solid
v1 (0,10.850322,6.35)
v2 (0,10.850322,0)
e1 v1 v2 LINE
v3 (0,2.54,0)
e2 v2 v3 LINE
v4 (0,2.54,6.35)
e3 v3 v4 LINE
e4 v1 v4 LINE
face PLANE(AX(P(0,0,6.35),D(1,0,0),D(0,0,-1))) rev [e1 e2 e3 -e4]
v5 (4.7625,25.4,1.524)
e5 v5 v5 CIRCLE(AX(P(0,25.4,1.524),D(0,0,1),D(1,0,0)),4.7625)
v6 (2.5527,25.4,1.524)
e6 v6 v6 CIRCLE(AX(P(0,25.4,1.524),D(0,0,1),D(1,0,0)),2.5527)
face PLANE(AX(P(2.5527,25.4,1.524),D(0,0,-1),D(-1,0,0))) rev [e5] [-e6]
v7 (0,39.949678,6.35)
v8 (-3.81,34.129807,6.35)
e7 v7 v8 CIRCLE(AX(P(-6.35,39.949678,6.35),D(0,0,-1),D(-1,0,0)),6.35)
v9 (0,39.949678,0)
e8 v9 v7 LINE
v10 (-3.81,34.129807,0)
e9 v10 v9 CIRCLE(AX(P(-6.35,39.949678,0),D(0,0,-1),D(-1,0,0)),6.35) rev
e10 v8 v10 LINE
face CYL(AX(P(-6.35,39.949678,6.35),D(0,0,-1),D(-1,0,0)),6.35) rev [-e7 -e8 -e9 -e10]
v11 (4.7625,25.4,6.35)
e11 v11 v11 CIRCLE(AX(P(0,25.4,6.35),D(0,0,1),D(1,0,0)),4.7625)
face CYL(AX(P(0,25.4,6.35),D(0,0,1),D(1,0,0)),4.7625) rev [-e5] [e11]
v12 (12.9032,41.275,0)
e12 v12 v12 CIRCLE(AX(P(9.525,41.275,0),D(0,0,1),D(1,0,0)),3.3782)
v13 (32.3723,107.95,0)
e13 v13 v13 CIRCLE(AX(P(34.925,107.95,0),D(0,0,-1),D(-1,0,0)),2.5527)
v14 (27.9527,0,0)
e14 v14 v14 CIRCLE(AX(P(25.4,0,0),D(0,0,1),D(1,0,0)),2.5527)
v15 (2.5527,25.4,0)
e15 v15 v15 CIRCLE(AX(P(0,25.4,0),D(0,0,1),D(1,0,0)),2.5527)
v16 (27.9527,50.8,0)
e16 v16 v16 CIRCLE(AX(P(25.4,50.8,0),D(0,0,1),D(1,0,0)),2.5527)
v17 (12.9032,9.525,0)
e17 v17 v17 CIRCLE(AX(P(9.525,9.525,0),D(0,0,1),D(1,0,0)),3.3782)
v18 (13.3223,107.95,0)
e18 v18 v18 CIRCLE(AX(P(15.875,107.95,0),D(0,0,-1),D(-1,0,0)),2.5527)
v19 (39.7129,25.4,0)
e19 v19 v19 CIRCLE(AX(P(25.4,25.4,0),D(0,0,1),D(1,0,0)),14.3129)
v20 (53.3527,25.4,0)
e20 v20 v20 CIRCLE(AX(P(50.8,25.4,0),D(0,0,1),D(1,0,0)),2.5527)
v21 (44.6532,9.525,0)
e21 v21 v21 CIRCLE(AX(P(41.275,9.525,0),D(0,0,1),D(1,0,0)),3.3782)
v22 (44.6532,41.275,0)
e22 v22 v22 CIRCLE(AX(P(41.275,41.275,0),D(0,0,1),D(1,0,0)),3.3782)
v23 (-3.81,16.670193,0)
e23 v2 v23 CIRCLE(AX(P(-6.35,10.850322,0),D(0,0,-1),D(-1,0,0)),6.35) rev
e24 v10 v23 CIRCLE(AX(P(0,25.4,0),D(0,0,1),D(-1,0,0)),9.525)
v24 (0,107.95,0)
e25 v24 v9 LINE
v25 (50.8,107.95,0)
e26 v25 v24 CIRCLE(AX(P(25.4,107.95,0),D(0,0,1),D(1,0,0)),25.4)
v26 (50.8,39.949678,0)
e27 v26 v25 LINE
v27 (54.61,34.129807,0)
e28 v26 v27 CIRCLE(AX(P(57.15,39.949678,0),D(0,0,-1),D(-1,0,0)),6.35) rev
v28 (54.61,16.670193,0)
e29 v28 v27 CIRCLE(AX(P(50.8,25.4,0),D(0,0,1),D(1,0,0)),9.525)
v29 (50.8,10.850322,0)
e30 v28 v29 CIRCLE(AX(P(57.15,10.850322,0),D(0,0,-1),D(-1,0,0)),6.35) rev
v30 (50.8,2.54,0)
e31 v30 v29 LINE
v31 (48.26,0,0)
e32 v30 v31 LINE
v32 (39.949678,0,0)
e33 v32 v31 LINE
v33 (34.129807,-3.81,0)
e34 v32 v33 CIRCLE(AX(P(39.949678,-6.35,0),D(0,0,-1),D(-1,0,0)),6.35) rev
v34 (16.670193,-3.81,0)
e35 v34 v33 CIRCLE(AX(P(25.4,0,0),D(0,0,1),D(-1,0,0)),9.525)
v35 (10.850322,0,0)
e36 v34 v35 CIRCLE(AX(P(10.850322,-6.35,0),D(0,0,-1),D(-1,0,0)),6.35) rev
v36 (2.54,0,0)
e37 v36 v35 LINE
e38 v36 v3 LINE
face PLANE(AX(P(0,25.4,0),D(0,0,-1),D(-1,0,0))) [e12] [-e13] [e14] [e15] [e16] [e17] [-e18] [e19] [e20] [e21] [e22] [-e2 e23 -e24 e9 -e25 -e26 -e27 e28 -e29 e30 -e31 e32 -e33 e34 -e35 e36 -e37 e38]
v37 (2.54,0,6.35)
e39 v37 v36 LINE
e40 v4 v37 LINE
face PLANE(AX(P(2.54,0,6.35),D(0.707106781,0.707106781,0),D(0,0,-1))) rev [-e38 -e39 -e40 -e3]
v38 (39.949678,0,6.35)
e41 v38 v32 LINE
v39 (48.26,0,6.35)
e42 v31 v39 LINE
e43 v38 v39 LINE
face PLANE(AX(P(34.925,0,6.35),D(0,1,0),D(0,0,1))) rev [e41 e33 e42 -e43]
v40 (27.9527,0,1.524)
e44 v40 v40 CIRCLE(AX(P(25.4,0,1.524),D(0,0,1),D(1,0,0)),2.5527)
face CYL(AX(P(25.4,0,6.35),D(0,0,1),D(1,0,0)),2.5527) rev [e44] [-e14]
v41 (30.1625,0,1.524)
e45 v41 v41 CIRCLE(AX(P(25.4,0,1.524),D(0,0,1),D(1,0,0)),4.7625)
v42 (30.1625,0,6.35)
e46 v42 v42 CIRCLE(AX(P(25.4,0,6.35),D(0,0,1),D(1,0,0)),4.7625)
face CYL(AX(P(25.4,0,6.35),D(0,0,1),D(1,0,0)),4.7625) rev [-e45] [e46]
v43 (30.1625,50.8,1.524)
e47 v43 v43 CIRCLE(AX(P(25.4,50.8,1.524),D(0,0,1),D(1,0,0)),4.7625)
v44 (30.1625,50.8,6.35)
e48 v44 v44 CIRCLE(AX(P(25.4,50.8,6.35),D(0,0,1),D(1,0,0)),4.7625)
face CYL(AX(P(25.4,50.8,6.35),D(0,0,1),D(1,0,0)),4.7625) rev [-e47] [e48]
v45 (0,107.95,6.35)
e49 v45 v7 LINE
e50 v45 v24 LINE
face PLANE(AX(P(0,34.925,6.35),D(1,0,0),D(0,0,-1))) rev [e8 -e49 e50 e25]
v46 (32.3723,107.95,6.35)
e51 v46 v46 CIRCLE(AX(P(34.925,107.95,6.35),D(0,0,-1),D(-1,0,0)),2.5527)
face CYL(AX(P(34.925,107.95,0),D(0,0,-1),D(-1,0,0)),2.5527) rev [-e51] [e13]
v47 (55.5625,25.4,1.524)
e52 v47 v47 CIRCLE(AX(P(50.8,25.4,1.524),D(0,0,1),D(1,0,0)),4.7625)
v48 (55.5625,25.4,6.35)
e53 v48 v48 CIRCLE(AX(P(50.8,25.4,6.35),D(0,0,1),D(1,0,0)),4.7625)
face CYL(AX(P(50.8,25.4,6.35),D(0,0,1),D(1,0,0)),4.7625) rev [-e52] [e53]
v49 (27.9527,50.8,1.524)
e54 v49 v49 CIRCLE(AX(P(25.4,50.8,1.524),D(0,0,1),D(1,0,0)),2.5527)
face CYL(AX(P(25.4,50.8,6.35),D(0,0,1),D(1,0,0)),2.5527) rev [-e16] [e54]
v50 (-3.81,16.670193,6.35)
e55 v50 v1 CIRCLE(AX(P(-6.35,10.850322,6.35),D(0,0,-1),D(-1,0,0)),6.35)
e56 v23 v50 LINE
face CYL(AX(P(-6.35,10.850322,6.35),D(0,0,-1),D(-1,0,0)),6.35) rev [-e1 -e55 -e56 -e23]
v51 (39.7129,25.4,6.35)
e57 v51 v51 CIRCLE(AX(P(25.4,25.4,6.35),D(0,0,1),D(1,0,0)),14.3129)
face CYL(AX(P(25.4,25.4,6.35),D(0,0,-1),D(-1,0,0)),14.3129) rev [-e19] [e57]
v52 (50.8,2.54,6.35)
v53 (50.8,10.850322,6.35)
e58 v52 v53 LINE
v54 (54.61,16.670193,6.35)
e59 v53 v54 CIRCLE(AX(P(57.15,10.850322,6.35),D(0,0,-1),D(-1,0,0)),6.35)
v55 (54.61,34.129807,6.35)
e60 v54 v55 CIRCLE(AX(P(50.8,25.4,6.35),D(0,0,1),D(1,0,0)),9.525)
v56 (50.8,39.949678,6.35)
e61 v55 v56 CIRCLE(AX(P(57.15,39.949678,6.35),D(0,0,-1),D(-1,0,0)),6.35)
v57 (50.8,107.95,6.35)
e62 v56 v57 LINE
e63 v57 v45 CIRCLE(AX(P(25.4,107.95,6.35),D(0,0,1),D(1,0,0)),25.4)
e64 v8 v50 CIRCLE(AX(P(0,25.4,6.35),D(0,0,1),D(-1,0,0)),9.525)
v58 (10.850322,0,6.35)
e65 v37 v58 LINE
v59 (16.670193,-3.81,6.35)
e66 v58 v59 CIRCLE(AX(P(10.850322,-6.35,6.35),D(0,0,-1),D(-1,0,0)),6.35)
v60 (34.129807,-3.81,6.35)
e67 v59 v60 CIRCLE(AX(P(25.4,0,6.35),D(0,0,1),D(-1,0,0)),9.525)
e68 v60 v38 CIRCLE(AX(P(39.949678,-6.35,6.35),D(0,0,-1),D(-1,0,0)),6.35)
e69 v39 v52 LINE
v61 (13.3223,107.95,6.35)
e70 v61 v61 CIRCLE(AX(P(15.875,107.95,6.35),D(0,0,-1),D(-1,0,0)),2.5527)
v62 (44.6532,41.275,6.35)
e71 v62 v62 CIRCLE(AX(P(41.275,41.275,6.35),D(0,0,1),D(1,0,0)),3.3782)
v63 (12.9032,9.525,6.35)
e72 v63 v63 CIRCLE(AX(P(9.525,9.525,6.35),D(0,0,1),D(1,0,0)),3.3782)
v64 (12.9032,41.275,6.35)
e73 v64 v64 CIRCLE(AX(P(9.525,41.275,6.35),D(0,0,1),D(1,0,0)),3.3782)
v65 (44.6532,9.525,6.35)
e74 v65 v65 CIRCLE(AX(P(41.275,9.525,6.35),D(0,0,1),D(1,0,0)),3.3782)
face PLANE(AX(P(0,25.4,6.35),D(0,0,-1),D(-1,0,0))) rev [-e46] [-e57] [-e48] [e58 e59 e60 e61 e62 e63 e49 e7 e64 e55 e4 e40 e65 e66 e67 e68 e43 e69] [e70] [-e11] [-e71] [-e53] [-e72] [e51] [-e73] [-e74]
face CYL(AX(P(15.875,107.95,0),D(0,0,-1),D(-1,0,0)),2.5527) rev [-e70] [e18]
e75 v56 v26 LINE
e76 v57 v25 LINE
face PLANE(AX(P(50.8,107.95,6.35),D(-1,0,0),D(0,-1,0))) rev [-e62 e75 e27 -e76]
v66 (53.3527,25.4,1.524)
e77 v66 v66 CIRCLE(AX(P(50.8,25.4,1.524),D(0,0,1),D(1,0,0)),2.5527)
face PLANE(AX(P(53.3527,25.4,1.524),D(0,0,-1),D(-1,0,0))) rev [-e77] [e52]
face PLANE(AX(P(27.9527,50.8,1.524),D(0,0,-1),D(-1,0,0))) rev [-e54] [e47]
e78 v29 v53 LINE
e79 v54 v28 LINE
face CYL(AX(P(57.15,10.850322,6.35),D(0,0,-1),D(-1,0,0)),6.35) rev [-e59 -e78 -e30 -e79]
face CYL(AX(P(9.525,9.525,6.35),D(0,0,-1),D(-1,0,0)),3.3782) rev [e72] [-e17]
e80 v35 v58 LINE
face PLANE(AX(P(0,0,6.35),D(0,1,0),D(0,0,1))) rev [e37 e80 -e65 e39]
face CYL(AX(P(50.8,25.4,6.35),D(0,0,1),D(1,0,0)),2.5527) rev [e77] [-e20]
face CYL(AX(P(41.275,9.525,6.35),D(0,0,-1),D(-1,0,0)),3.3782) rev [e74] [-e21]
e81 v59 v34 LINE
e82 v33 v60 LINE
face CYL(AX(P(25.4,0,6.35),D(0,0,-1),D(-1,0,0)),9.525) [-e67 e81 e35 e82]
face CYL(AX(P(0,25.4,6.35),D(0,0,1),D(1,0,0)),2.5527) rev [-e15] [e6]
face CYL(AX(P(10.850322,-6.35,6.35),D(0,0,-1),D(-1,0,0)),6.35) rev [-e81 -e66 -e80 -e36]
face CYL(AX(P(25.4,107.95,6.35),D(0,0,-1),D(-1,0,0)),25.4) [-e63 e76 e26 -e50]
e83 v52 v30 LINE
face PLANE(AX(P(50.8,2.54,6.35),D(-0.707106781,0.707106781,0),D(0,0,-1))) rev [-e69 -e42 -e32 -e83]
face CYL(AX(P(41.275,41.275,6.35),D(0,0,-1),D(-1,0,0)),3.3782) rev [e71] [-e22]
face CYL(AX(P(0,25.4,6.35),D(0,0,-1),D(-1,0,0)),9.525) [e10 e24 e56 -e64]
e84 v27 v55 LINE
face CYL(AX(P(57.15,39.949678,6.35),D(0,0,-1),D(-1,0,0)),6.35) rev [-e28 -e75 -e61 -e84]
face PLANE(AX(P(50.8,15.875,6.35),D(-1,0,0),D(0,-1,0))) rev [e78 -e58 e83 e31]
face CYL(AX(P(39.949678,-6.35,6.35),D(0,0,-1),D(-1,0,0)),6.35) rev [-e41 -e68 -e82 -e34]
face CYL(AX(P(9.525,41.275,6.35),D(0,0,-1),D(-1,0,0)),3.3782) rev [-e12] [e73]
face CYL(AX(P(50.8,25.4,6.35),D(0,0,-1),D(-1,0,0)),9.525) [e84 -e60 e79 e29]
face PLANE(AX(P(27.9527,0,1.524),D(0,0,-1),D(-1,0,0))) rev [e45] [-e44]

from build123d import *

# Parameters (mm, degrees)
SKETCH1_R                                       = 3.3782
SKETCH1_R_2                                     = 14.3129
BOSS_EXTRUDE1_DEPTH                             = 6.35
CBORE_FOR_10_SOCKET_HEAD_CAP_SCREW1_D           = 5.1054
CBORE_FOR_10_SOCKET_HEAD_CAP_SCREW1_CBORE_D     = 9.525
CBORE_FOR_10_SOCKET_HEAD_CAP_SCREW1_CBORE_DEPTH = 4.826
F_1_4_20_TAPPED_HOLE2_D                         = 5.1054
FILLET1_R                                       = 6.35
CHAMFER1_SIZE                                   = 2.54


with BuildPart() as part:
    # Sketch1 → Boss-Extrude1 (new body)
    with BuildSketch(Plane.XY):
        with BuildLine():
            Line((0, 0), (15.875, 0))
            ThreePointArc((15.875, 0), (25.4, -9.525), (34.925, 0))
            Line((34.925, 0), (50.8, 0))
            Line((50.8, 0), (50.8, 15.875))
            ThreePointArc((50.8, 15.875), (60.325, 25.4), (50.8, 34.925))
            Line((50.8, 34.925), (50.8, 107.95))
            ThreePointArc((50.8, 107.95), (25.4, 133.35), (0, 107.95))
            Line((0, 107.95), (0, 34.925))
            ThreePointArc((0, 34.925), (-9.525, 25.4), (0, 15.875))
            Line((0, 15.875), (0, 0))
        make_face()
        with Locations((41.275, 9.525)):
            Circle(SKETCH1_R, mode=Mode.SUBTRACT)
        with Locations((9.525, 9.525)):
            Circle(SKETCH1_R, mode=Mode.SUBTRACT)
        with Locations((9.525, 41.275)):
            Circle(SKETCH1_R, mode=Mode.SUBTRACT)
        with Locations((41.275, 41.275)):
            Circle(SKETCH1_R, mode=Mode.SUBTRACT)
        with Locations((25.4, 25.4)):
            Circle(SKETCH1_R_2, mode=Mode.SUBTRACT)
    extrude(amount=BOSS_EXTRUDE1_DEPTH)

    # CBORE for #10 Socket Head Cap Screw1 (through all)
    with Locations(Plane.XY.offset(6.35)):
        with Locations((0, 25.4), (50.8, 25.4), (25.4, 0), (25.4, 50.8)):
            CounterBoreHole(CBORE_FOR_10_SOCKET_HEAD_CAP_SCREW1_D / 2, CBORE_FOR_10_SOCKET_HEAD_CAP_SCREW1_CBORE_D / 2, CBORE_FOR_10_SOCKET_HEAD_CAP_SCREW1_CBORE_DEPTH)

    # 1/4-20 Tapped Hole2 (through all)
    with Locations(Plane(origin=(0, 0, 0), x_dir=(1, 0, 0), z_dir=(0, 0, -1))):
        with Locations((15.875, -107.95), (34.925, -107.95)):
            Hole(F_1_4_20_TAPPED_HOLE2_D / 2)

    # Fillet1
    fillet1_edges = [part.edges().sort_by_distance(p)[0] for p in [
        (0, 15.875, 3.175),
        (0, 34.925, 3.175),
        (50.8, 34.925, 3.175),
        (50.8, 15.875, 3.175),
        (34.925, 0, 3.175),
        (15.875, 0, 3.175),
    ]]
    fillet(fillet1_edges, radius=FILLET1_R)

    # Chamfer1
    chamfer1_edges = [part.edges().sort_by_distance(p)[0] for p in [
        (50.8, 0, 3.175),
        (0, 0, 3.175),
    ]]
    chamfer(chamfer1_edges, length=CHAMFER1_SIZE)


solid = part.part
